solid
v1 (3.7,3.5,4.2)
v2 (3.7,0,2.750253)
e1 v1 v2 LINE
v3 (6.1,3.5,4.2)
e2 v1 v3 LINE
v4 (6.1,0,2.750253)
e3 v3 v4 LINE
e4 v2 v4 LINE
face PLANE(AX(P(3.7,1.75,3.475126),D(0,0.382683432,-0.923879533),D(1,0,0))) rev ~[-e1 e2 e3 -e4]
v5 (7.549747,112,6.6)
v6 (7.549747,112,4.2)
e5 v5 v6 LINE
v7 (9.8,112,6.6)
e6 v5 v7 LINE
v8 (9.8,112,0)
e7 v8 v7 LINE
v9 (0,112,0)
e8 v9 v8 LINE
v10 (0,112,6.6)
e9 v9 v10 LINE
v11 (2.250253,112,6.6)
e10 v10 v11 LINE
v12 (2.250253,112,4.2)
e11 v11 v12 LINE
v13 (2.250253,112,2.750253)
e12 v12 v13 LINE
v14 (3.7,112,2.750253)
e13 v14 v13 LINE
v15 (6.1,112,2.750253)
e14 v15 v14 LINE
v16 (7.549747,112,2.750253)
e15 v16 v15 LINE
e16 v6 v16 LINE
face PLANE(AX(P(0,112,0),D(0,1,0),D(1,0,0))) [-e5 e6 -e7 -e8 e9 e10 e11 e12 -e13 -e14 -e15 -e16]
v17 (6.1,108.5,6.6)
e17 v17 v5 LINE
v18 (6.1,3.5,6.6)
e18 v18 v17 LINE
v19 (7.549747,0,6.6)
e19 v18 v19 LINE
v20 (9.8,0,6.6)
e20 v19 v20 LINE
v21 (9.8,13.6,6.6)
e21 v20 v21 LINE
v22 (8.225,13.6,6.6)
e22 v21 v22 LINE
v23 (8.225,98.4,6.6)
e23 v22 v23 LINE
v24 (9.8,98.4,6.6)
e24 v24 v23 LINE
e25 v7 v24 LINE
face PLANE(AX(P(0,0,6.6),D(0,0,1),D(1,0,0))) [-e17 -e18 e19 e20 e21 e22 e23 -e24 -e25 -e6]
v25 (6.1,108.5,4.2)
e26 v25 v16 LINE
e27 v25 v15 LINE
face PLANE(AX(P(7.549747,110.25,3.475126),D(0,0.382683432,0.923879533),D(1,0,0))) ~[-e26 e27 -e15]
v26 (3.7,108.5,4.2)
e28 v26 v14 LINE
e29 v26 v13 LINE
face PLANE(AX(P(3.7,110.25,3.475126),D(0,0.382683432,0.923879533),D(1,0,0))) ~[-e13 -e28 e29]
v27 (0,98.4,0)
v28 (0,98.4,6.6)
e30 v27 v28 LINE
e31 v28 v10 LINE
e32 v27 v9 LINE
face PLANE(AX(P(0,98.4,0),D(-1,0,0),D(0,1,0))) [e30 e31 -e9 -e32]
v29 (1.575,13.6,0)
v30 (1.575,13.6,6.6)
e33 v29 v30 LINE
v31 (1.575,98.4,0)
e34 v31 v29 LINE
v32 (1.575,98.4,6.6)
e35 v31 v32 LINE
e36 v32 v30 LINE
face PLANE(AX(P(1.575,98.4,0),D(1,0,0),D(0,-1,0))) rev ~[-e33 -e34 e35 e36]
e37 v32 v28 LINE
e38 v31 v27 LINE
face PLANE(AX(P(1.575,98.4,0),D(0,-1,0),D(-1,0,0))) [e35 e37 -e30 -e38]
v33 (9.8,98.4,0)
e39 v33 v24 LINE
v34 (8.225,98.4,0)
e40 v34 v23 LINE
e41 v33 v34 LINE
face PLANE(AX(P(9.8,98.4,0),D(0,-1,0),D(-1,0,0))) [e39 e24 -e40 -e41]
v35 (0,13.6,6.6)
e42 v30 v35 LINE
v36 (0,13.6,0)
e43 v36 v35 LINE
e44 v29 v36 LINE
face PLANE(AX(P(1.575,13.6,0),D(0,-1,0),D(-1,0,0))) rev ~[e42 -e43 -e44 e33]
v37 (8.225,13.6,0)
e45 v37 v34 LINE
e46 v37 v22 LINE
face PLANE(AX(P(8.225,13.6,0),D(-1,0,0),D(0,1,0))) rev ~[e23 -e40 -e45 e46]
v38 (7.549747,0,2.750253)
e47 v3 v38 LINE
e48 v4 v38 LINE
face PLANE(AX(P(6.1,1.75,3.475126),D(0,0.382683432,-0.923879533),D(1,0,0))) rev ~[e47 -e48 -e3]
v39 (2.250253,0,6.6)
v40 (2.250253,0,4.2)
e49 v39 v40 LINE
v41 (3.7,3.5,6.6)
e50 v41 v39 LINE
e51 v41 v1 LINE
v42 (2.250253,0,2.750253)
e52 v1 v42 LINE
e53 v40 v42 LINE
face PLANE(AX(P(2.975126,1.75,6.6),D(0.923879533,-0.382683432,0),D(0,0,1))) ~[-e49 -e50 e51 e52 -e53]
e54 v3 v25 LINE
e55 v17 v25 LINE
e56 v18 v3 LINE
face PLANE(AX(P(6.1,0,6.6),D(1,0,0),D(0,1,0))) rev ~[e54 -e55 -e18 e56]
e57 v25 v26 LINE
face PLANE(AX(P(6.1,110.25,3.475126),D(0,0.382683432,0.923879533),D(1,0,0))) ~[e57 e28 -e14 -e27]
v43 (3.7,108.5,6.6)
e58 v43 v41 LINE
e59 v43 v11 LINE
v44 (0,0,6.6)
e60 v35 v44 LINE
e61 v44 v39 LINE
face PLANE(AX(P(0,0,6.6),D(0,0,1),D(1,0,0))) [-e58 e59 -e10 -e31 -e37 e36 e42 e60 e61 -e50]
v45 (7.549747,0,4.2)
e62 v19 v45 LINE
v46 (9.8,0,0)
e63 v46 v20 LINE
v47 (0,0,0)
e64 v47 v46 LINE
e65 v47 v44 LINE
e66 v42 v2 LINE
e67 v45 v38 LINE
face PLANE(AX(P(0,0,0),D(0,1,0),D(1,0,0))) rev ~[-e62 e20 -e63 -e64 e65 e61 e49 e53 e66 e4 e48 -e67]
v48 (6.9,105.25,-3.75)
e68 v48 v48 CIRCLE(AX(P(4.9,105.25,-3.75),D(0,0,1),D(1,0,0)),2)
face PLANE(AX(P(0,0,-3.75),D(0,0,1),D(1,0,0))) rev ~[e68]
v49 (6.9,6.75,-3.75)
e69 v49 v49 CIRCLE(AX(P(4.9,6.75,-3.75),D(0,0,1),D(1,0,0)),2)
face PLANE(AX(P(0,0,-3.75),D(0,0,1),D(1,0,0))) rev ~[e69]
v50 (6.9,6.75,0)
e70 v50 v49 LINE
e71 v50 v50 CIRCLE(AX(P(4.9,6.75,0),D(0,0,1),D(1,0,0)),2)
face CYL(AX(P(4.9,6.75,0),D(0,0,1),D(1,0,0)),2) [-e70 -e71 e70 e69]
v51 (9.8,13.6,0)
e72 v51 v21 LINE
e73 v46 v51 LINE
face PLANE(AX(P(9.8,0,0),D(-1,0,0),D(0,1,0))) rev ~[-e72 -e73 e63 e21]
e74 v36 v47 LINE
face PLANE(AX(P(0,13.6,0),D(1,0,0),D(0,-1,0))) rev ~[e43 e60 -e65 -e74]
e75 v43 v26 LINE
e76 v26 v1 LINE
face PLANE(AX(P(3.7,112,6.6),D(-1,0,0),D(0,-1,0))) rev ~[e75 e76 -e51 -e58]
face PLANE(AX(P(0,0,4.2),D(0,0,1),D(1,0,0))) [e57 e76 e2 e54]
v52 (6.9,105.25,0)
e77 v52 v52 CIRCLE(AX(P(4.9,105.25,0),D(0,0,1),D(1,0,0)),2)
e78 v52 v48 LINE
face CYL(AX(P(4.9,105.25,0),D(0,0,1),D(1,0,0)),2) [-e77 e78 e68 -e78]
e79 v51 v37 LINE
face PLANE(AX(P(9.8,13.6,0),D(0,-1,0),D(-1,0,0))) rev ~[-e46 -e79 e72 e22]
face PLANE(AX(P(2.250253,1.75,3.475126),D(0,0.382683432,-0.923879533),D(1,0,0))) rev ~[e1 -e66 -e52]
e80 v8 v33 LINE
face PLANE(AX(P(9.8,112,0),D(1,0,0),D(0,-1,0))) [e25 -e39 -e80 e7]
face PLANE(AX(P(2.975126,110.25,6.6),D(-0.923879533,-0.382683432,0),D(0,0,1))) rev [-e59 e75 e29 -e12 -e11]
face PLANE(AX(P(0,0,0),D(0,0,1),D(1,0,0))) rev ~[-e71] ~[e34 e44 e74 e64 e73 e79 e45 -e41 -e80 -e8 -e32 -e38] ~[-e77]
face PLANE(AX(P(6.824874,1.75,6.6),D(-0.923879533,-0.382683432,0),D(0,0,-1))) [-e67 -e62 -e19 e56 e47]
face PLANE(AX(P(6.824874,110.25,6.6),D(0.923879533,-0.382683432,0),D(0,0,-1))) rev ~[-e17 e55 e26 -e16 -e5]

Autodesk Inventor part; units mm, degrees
ref_plane "YZ Plane" through (0, 0, 0) normal (1, 0, 0) x (0, 1, 0)
ref_plane "XZ Plane" through (0, 0, 0) normal (0, 1, 0) x (-1, 0, 0)
ref_plane "XY Plane" through (0, 0, 0) normal (0, 0, 1) x (1, 0, 0)
sketch "Sketch1" plane through (0, 0, 0) normal (0, 0, 1) x (1, 0, 0)
  line L0 (0, 0) -> (9.8, 0)
  line L1 (9.8, 0) -> (9.8, 13.6)
  line L2 (9.8, 13.6) -> (0, 13.6)
  line L3 (0, 13.6) -> (0, 0)
  line L4 (1.575, 13.6) -> (8.225, 13.6)
  line L5 (8.225, 13.6) -> (8.225, 98.4)
  line L6 (8.225, 98.4) -> (1.575, 98.4)
  line L7 (1.575, 98.4) -> (1.575, 13.6)
  line L8 (1.575, 56) -> (8.225, 56) construction
  line L9 (0, 112) -> (9.8, 112)
  line L10 (9.8, 112) -> (9.8, 98.4)
  line L11 (9.8, 98.4) -> (0, 98.4)
  line L12 (0, 98.4) -> (0, 112)
  line L13 (1.575, 98.4) -> (8.225, 98.4)
  circle A0 centre (4.9, 6.75) radius 2
  line L14 (4.9, 6.75) -> (4.9, 56) construction
  circle A1 centre (4.9, 105.25) radius 2
  line L15 (4.9, 105.25) -> (4.9, 56) construction
  point P0 (4.9, 13.6)
  point P1 (4.9, 98.4)
  dimension "d0" = 9.8
  dimension "d1" = 13.6
  dimension "d2" = 112
  dimension "d3" = 6.65
  dimension "d6" = 4
  dimension "d7" = 98.5
extrude "Extrusion1" add sketch "Sketch1" along normal blind 6.6 contours L3 L2 L1 L0 | L7 L6 L5 L2 | L11 L12 L9 L10 L6 | A0 | A1
extrude "Extrusion2" add sketch "Sketch1" against normal blind 3.75 contours A0 | A1
sketch "Sketch2" plane through (0, 0, 6.6) normal (0, 0, 1) x (1, 0, 0)
  line L0 (0, 0) -> (9.8, 0) projected
  line L1 (3.7, 0) -> (6.1, 0)
  line L2 (6.1, 0) -> (6.1, 112)
  line L3 (6.1, 112) -> (3.7, 112)
  line L4 (3.7, 112) -> (3.7, 0)
  line L5 (9.8, 112) -> (0, 112) projected
  point P0 (4.9, 112)
  dimension "d10" = 2.4
extrude "Extrusion3" cut sketch "Sketch2" against normal blind 2.4
chamfer "Chamfer1" distance 3.5 angle 22.5 1 edges at (3.7, 112, 5.4) measured on face at (3.7, 74.6667, 5.8)
chamfer "Chamfer2" distance 3.5 angle 22.5 1 edges at (6.1, 112, 5.4) measured on face at (6.1, 37.3333, 5.8)
chamfer "Chamfer3" distance 3.5 angle 22.5 1 edges at (4.9, 112, 4.2) measured on face at (4.5, 36.1667, 4.2)
chamfer "Chamfer4" distance 3.5 angle 22.5 1 edges at (3.7, 0, 5.4) measured on face at (3.7, 36.1667, 5)
chamfer "Chamfer5" distance 3.5 angle 22.5 1 edges at (6.1, 0, 5.4) measured on face at (6.1, 36.1667, 5.8)
chamfer "Chamfer6" distance 3.5 angle 22.5 1 edges at (4.9, 0, 4.2) measured on face at (5.3, 73.5, 4.2)
properties part number "CCA Rail"
